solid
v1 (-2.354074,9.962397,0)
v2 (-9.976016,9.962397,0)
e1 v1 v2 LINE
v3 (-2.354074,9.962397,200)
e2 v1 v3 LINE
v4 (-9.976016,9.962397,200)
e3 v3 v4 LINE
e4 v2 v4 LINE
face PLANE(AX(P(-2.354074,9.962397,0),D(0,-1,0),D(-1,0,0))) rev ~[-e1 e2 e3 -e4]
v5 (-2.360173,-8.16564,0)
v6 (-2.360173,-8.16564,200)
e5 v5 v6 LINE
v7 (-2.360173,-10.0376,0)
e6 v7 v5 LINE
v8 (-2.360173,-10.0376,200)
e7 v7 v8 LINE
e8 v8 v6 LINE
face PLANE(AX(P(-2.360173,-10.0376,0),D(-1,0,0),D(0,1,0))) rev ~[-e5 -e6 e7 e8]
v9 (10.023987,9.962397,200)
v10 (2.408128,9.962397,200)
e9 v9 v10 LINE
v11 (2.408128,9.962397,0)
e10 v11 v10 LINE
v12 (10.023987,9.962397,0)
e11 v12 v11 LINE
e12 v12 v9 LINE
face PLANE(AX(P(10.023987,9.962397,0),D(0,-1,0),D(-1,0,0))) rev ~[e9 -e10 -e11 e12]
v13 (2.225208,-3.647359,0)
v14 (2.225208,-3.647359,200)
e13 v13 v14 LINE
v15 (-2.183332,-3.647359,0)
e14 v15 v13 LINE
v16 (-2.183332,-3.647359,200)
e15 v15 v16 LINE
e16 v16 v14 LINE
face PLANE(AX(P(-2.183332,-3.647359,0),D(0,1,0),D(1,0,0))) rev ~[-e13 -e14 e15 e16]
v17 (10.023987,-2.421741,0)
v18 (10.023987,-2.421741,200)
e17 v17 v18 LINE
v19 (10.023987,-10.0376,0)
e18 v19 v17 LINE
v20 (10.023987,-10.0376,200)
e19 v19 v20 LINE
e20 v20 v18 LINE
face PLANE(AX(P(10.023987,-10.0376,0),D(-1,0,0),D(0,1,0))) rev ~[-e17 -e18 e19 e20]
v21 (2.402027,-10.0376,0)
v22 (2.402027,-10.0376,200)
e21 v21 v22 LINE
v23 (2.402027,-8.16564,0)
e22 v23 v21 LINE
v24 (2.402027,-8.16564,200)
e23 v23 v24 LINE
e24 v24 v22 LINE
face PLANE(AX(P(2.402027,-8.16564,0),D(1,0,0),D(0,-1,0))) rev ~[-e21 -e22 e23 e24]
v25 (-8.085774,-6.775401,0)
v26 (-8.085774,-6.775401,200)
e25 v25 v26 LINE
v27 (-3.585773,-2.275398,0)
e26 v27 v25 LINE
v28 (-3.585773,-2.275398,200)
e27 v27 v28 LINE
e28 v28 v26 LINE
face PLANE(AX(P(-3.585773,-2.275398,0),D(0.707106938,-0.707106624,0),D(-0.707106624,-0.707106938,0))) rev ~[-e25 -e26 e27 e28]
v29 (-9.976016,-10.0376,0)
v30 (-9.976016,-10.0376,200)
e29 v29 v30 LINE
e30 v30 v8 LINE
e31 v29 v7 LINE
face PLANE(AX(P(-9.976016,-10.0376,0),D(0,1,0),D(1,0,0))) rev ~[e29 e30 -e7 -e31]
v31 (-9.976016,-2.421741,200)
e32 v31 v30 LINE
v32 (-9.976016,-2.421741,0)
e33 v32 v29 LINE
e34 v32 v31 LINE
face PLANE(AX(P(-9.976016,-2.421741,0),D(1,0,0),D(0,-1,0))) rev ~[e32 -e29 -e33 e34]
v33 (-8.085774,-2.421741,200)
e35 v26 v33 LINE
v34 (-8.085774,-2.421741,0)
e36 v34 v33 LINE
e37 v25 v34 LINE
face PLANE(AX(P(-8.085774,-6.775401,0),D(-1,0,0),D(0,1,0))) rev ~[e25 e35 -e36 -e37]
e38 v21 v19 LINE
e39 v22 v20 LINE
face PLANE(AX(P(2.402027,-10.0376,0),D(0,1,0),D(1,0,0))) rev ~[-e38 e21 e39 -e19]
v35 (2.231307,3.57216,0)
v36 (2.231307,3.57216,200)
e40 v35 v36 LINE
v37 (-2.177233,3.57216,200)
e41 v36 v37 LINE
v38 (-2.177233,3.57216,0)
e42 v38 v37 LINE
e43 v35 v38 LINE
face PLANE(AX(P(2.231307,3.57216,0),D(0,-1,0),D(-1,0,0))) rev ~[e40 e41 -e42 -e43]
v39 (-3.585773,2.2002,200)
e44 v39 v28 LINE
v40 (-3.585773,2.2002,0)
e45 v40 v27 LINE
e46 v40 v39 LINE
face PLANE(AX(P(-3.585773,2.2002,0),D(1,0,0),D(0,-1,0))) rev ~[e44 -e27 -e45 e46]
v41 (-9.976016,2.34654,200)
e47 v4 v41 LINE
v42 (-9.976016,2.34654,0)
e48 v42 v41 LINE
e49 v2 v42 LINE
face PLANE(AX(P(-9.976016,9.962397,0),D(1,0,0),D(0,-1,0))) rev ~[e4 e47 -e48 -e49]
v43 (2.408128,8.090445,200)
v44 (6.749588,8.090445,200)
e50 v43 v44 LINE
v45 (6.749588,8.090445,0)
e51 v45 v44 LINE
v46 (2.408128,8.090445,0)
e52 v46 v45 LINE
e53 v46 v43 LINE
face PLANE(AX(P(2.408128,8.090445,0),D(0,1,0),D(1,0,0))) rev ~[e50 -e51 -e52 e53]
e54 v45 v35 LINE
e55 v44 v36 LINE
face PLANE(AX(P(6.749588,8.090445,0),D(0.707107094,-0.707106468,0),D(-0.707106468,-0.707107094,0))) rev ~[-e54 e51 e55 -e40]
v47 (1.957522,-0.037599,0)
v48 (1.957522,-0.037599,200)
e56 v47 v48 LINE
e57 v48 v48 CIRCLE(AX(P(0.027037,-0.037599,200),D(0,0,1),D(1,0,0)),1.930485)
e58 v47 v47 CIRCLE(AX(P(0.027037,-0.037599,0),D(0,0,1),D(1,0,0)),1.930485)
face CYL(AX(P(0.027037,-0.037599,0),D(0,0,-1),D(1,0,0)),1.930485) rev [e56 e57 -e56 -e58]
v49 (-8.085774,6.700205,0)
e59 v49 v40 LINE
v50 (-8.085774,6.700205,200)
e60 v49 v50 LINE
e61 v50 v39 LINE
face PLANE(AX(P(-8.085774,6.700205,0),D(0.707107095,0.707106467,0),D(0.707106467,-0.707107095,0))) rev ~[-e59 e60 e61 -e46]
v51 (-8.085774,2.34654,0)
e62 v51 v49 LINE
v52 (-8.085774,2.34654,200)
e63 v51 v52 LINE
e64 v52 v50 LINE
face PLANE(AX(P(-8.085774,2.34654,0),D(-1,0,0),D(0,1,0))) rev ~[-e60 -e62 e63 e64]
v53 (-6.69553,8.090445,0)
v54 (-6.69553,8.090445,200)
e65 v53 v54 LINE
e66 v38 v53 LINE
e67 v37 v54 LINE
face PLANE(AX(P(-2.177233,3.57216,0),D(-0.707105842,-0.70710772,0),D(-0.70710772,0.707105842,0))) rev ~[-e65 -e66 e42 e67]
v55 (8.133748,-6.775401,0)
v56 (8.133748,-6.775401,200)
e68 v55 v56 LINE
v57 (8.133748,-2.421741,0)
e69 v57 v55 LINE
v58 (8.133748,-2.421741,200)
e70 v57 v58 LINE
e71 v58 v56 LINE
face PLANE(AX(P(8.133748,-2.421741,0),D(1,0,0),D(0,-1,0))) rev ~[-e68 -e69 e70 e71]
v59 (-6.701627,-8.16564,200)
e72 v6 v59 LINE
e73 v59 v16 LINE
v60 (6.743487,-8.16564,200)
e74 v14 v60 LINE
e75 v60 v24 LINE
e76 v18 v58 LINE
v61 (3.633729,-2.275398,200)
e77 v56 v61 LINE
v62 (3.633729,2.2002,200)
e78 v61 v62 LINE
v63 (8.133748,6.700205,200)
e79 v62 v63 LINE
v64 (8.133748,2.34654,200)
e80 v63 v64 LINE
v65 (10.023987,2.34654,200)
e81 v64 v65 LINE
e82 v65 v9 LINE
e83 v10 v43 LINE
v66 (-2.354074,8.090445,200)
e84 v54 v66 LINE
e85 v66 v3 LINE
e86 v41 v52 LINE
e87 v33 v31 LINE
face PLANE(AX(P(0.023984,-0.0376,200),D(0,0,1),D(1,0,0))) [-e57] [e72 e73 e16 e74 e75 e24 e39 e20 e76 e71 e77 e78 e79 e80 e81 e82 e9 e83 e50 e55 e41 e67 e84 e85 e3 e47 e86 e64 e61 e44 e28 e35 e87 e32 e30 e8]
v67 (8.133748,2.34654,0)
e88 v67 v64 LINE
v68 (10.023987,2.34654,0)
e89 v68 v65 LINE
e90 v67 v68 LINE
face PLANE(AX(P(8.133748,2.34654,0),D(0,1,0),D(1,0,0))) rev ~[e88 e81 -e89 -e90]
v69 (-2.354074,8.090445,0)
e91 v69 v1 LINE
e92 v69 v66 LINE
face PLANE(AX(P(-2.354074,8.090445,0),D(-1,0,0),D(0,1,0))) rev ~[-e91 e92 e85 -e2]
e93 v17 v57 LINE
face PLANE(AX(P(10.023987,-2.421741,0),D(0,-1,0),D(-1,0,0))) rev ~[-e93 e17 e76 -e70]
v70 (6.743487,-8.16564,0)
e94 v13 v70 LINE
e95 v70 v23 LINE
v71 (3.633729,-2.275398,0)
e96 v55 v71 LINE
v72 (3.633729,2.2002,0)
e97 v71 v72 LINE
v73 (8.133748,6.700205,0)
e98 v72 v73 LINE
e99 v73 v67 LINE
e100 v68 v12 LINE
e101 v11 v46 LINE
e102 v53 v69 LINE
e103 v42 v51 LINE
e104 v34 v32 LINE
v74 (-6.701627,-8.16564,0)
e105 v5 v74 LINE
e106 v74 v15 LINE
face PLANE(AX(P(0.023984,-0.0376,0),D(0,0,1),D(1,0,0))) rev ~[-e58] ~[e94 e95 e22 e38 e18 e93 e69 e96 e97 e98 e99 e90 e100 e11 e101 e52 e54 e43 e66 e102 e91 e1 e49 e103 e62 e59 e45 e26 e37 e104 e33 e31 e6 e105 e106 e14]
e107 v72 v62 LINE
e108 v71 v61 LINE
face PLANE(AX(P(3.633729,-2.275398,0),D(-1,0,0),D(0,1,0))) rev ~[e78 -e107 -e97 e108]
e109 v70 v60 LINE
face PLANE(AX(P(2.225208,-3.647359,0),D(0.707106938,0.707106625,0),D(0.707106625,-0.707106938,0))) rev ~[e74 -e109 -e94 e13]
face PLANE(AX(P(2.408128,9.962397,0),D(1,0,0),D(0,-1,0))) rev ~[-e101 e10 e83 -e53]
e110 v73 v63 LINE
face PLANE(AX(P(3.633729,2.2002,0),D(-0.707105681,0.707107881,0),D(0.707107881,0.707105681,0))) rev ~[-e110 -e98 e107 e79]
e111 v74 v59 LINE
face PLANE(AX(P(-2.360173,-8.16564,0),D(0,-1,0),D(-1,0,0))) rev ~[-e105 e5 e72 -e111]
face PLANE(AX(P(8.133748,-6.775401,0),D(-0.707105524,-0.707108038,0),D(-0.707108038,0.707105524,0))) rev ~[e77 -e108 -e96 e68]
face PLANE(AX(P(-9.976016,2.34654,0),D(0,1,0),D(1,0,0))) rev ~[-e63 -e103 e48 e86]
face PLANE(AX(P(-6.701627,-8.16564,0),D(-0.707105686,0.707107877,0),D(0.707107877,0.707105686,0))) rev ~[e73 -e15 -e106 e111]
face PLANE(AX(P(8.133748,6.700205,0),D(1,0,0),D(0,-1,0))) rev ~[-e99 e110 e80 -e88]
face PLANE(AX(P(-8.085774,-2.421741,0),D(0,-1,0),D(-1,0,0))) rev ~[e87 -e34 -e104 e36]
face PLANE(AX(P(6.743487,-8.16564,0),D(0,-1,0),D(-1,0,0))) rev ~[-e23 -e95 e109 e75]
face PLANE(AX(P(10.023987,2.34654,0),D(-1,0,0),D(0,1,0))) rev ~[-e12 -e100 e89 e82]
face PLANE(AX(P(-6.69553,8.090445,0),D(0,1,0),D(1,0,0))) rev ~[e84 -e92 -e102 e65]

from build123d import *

# Parameters (mm, degrees)
F0_R     = 1.930485
F1_DEPTH = 200


with BuildPart() as f1:
    # F0 (on Top) → F1 (new body)
    with BuildSketch(Plane.XY):
        Polygon((-2.354074, 9.962397), (-9.976016, 9.962397), (-9.976016, 2.34654), (-8.085774, 2.34654), (-8.085774, 6.700205), (-3.585773, 2.2002), (-3.585773, -2.275398), (-8.085774, -6.775401), (-8.085774, -2.421741), (-9.976016, -2.421741), (-9.976016, -10.0376), (-2.360173, -10.0376), (-2.360173, -8.16564), (-6.701627, -8.16564), (-2.183332, -3.647359), (2.225208, -3.647359), (6.743487, -8.16564), (2.402027, -8.16564), (2.402027, -10.0376), (10.023987, -10.0376), (10.023987, -2.421741), (8.133748, -2.421741), (8.133748, -6.775401), (3.633729, -2.275398), (3.633729, 2.2002), (8.133748, 6.700205), (8.133748, 2.34654), (10.023987, 2.34654), (10.023987, 9.962397), (2.408128, 9.962397), (2.408128, 8.090445), (6.749588, 8.090445), (2.231307, 3.57216), (-2.177233, 3.57216), (-6.69553, 8.090445), (-2.354074, 8.090445), align=None)
        with Locations((0.027037, -0.037599)):
            Circle(F0_R, mode=Mode.SUBTRACT)
    extrude(amount=F1_DEPTH)


solid = f1.part
